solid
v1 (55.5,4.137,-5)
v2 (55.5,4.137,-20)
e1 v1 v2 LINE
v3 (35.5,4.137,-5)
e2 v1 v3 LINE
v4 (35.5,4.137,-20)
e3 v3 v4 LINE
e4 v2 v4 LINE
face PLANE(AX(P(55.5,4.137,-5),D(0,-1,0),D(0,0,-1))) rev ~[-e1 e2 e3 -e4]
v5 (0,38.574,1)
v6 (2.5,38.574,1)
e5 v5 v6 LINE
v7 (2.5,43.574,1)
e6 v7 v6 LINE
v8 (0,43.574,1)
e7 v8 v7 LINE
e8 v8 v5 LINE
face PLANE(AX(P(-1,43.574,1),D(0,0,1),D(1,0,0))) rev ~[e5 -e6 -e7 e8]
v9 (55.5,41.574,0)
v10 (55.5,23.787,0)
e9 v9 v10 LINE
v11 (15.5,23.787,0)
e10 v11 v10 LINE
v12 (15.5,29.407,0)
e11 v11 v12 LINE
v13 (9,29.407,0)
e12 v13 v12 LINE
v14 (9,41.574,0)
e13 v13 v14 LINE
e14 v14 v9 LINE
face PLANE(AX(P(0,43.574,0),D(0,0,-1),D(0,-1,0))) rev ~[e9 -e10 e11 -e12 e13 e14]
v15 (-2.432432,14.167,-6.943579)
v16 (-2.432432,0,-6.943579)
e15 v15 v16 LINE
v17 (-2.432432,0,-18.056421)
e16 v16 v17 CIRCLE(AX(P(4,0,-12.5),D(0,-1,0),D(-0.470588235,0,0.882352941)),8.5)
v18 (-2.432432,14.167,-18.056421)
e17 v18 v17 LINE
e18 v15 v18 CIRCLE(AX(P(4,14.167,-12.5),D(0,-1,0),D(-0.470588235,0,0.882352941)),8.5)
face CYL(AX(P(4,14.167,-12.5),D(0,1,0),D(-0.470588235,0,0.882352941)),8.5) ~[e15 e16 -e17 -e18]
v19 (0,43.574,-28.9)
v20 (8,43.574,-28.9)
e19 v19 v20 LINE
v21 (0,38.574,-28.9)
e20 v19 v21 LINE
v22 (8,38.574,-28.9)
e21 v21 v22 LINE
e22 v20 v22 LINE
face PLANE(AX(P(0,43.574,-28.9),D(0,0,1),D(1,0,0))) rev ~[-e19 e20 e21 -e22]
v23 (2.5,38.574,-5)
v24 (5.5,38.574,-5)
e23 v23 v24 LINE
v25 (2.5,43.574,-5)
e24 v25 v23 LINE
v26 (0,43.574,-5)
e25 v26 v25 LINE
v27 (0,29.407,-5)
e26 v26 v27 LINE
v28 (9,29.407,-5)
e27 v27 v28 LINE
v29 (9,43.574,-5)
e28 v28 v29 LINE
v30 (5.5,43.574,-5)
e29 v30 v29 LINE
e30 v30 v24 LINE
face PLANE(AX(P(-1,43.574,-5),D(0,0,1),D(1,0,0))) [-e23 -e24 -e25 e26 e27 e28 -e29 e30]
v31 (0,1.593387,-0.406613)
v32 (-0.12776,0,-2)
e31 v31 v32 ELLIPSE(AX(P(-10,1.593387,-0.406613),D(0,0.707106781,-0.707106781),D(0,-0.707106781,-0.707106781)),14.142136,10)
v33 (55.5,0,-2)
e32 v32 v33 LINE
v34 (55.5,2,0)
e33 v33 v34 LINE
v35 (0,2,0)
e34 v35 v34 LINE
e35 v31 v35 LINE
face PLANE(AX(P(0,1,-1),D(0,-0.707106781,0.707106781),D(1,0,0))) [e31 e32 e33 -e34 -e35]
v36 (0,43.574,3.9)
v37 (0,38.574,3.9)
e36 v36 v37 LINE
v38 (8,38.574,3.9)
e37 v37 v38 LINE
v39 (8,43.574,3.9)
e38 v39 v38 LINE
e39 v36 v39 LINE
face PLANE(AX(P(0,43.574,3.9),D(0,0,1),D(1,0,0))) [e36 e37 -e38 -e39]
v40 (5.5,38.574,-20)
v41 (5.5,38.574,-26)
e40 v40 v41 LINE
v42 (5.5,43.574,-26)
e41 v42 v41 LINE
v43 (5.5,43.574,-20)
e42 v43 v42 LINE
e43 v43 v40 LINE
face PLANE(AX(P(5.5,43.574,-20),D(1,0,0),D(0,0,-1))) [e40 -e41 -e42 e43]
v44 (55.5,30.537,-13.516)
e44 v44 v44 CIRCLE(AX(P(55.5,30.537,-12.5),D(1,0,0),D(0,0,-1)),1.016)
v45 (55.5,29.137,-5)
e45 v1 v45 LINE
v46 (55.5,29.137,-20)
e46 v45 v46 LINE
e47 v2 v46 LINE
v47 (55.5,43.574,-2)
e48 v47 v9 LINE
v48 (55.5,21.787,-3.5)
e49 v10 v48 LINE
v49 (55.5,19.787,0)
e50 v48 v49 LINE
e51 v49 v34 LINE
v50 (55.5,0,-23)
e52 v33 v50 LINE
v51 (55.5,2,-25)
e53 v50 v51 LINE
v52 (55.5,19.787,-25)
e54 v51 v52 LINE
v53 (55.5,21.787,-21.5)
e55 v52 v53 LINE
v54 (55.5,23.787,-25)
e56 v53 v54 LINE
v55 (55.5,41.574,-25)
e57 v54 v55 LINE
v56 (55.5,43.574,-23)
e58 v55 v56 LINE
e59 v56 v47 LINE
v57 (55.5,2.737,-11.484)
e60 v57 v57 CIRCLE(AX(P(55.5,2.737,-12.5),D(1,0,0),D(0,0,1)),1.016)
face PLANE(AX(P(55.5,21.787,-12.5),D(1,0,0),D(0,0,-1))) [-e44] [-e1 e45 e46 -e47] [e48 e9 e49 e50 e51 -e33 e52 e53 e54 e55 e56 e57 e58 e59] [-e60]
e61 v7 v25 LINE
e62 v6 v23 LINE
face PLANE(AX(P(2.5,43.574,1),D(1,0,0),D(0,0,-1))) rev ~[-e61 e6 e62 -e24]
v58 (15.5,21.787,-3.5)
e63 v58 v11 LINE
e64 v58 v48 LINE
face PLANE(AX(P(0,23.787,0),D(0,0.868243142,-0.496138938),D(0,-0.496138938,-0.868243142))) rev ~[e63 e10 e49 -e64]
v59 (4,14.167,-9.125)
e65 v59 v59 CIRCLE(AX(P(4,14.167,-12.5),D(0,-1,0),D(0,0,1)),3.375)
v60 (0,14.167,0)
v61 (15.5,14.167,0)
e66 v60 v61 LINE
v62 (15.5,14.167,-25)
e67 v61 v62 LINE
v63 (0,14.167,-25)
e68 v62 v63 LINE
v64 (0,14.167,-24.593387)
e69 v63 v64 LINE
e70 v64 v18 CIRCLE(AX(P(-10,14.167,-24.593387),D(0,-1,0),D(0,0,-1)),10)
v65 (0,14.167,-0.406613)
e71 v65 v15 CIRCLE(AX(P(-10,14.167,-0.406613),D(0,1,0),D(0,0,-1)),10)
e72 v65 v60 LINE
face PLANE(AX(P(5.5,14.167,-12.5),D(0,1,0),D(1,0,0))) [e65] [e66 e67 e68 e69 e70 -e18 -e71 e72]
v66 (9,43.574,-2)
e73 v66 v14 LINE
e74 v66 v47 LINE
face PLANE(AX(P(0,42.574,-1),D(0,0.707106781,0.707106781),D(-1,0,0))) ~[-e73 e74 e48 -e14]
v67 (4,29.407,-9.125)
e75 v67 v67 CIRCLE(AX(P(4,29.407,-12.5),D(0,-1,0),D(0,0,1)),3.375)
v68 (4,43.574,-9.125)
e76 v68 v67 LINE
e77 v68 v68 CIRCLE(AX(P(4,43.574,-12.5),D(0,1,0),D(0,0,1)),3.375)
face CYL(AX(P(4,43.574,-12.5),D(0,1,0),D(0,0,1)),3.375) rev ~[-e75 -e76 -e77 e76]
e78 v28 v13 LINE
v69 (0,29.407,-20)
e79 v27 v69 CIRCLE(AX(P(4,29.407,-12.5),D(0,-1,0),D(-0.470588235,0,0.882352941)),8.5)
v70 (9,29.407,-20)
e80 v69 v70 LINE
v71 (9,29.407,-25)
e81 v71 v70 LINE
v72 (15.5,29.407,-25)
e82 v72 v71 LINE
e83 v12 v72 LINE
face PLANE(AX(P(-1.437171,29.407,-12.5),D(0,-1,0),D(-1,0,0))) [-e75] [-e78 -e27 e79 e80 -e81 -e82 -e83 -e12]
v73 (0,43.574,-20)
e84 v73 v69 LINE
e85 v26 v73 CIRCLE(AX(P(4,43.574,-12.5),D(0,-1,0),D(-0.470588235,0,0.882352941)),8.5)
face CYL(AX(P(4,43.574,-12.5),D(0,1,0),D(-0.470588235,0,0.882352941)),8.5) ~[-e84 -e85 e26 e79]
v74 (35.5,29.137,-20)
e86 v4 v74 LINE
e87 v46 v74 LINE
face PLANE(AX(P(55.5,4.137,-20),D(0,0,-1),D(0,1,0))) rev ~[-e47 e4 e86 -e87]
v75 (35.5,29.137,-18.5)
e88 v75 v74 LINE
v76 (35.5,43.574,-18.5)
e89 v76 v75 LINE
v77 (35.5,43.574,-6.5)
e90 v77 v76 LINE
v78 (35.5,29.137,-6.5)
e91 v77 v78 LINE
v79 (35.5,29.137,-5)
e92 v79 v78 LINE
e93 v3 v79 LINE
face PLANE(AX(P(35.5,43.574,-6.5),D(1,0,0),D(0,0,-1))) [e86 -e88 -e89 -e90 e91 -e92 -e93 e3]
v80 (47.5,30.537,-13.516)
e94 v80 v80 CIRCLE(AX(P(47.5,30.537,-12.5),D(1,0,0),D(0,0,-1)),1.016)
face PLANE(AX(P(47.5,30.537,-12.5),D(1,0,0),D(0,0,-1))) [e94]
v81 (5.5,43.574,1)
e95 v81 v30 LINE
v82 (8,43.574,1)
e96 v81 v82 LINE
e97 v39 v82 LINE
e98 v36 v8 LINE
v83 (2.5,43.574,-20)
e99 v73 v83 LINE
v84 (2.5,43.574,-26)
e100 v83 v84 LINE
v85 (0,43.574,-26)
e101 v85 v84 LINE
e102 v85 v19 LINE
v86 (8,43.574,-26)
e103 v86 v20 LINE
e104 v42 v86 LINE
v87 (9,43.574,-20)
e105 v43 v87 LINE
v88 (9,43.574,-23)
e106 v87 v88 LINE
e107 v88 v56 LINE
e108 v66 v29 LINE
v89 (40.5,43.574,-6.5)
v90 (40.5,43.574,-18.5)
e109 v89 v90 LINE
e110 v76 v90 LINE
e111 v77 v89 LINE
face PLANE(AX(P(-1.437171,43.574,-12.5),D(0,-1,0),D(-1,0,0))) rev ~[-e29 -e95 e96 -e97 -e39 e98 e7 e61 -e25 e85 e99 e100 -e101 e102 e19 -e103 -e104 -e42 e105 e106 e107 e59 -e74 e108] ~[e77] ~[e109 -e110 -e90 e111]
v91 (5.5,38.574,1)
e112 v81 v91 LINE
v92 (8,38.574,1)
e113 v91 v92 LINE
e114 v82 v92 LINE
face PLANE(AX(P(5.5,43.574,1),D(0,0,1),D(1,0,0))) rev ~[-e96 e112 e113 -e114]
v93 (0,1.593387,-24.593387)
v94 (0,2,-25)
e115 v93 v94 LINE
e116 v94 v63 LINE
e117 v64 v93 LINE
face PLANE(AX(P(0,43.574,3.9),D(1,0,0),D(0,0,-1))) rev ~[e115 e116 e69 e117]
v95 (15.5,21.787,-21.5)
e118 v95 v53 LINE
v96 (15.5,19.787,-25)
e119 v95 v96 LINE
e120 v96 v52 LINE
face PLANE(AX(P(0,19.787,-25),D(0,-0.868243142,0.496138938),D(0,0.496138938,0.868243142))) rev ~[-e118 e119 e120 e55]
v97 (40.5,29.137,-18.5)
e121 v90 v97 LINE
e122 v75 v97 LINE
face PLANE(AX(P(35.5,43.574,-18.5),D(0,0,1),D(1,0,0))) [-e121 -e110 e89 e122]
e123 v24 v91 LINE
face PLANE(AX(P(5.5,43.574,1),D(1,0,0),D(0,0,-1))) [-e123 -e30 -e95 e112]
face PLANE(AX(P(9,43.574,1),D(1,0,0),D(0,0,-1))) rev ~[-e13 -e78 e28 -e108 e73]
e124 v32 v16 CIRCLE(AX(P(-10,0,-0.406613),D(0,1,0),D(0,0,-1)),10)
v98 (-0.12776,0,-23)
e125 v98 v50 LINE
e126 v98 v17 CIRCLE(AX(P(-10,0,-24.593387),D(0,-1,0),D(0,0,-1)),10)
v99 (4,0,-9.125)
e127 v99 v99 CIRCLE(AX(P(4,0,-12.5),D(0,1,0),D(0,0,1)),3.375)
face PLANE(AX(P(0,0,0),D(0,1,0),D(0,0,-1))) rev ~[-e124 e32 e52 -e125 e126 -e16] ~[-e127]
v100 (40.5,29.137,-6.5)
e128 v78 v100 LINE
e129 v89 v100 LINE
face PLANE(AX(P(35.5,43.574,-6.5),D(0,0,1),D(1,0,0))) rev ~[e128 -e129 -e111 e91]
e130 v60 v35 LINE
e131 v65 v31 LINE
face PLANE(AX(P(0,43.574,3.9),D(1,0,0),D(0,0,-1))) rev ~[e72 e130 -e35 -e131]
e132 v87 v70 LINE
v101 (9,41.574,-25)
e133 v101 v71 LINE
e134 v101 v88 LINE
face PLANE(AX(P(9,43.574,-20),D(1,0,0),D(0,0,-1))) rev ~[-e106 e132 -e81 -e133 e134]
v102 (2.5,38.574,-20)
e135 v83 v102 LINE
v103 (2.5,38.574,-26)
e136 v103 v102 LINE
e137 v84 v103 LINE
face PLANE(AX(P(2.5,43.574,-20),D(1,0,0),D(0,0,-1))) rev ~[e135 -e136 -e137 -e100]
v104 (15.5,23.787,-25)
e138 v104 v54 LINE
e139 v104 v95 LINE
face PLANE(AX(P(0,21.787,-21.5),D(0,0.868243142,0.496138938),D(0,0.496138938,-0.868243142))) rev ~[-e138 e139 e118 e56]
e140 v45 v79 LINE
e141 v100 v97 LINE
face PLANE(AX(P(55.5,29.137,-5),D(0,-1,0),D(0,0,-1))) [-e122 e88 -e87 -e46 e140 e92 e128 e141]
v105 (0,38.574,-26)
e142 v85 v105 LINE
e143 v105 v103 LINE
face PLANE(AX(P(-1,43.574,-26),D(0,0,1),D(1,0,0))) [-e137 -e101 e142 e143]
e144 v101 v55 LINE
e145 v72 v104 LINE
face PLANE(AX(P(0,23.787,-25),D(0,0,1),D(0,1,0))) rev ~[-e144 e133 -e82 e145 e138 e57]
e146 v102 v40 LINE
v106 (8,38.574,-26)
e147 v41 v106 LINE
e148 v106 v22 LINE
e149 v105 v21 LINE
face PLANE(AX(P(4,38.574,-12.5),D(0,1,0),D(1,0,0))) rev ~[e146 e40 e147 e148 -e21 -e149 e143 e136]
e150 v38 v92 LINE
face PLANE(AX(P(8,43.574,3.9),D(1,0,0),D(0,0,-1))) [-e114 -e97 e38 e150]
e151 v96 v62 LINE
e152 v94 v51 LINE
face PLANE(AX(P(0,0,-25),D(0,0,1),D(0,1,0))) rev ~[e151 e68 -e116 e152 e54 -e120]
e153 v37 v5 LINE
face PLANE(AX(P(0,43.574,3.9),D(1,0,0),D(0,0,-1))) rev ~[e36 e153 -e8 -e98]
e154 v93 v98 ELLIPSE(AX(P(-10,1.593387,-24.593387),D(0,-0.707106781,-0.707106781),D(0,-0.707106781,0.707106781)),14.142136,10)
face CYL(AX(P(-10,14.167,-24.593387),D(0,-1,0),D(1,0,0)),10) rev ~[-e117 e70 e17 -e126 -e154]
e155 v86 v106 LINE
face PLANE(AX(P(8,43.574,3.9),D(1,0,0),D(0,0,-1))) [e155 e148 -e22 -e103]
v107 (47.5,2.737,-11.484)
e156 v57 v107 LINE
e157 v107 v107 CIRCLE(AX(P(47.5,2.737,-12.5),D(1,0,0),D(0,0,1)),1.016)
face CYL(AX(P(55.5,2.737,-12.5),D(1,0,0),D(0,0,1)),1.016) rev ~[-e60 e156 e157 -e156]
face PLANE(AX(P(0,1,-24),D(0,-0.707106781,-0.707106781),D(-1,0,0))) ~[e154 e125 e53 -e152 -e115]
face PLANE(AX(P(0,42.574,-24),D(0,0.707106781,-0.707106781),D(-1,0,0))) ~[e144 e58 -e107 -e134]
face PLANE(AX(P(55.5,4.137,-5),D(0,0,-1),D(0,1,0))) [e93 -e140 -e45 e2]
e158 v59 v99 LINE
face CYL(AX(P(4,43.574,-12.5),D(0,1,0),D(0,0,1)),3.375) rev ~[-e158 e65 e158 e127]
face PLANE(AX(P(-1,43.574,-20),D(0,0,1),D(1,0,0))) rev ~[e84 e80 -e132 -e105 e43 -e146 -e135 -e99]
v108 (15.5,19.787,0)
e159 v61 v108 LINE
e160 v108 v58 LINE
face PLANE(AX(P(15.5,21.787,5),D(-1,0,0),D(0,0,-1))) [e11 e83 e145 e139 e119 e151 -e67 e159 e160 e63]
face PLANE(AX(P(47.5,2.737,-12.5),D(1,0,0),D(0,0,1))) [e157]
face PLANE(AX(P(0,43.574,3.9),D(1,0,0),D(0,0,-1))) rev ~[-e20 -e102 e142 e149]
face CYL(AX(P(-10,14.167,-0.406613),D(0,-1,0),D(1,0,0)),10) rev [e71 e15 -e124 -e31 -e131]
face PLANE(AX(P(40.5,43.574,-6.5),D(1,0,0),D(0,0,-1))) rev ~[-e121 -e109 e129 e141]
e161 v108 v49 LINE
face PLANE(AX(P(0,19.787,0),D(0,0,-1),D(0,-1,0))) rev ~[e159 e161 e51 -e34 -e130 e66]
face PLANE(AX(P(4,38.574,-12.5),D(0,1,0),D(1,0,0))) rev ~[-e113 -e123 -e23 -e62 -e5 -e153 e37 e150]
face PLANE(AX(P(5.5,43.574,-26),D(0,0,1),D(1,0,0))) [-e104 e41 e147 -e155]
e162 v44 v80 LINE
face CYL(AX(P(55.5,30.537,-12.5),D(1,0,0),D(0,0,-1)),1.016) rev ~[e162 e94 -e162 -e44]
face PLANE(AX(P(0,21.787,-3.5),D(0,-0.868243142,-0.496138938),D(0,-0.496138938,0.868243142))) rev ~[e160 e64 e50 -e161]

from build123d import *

# Parameters (mm, degrees)
BOSS_EXTRUDE1_DEPTH = 55.5
CHAMFER1_SIZE       = 2
SKETCH4_W           = 8
SKETCH4_H           = 32.8
BOSS_EXTRUDE2_DEPTH = 5
SKETCH7_W           = 3.5
SKETCH7_H           = 6
CUT_EXTRUDE5_DEPTH  = 10
SKETCH5_R           = 3.375
CUT_EXTRUDE3_DEPTH  = 77.250596562
SKETCH6_R           = 3.375
CUT_EXTRUDE4_DEPTH  = 7.62
SKETCH8_W           = 9
SKETCH8_H           = 5
CUT_EXTRUDE6_DEPTH  = 9.167
BOSS_EXTRUDE3_DEPTH = 14.167
BOSS_EXTRUDE4_START = -29.407
BOSS_EXTRUDE4_DEPTH = 14.167
FILLET1_R           = 10
SKETCH10_W          = 15
SKETCH10_H          = 25
CUT_EXTRUDE7_DEPTH  = 20
SKETCH11_R          = 1.016
CUT_EXTRUDE8_DEPTH  = 8
SKETCH12_W          = 5
SKETCH12_H          = 12
CUT_EXTRUDE9_DEPTH  = 14.437


with BuildPart() as part:
    # Sketch1 → Boss-Extrude1 (new body)
    with BuildSketch(Plane(origin=(0, 0, 0), x_dir=(0, 0, -1), z_dir=(1, 0, 0))):
        Polygon((0, 0), (25, 0), (25, 19.787), (21.5, 21.787), (25, 23.787), (25, 43.574), (0, 43.574), (0, 23.787), (3.5, 21.787), (0, 19.787), align=None)
    extrude(amount=BOSS_EXTRUDE1_DEPTH)

    # Chamfer1
    chamfer1_edges = [part.edges().sort_by_distance(p)[0] for p in [
        (27.75, 43.574, 0),
        (27.75, 43.574, -25),
        (27.75, 0, -25),
        (27.75, 0, 0),
    ]]
    chamfer(chamfer1_edges, length=CHAMFER1_SIZE)

    # Sketch4 → Boss-Extrude2 (add)
    with BuildSketch(Plane(origin=(0, 43.574, 0), x_dir=(1, 0, 0), z_dir=(0, 1, 0))):
        with Locations((4, 12.5)):
            Rectangle(SKETCH4_W, SKETCH4_H)
    extrude(amount=-BOSS_EXTRUDE2_DEPTH)

    # Sketch7 → Cut-Extrude5 (cut)
    with BuildSketch(Plane(origin=(0, 43.574, 0), x_dir=(1, 0, 0), z_dir=(0, 1, 0))):
        with Locations((7.25, 2)):
            Rectangle(SKETCH7_W, SKETCH7_H)
        with Locations((7.25, 23)):
            Rectangle(SKETCH7_W, SKETCH7_H)
        with Locations((0.75, 2)):
            Rectangle(SKETCH7_W, SKETCH7_H)
        with Locations((0.75, 23)):
            Rectangle(SKETCH7_W, SKETCH7_H)
    extrude(amount=-CUT_EXTRUDE5_DEPTH, mode=Mode.SUBTRACT)

    # Sketch5 → Cut-Extrude3 (cut, through all)
    with BuildSketch(Plane(origin=(0, 43.574, 0), x_dir=(1, 0, 0), z_dir=(0, 1, 0))):
        with Locations(Location((4, 12.5, 0), (0, 0, 270))):
            Circle(SKETCH5_R)
    extrude(amount=-CUT_EXTRUDE3_DEPTH, mode=Mode.SUBTRACT)

    # Sketch6 → Cut-Extrude4 (cut, symmetric)
    with BuildSketch(Plane(origin=(0, 21.787, 0), x_dir=(-1, 0, 0), z_dir=(0, -1, 0))):
        Polygon((-4, 30), (4.5, 30), (4.5, -5), (-4, -5), (-15.5, -5), (-15.5, 30), align=None)
        with Locations(Location((-4, 12.5, 0), (0, 0, 270))):
            Circle(SKETCH6_R, mode=Mode.SUBTRACT)
    extrude(amount=CUT_EXTRUDE4_DEPTH, both=True, mode=Mode.SUBTRACT)

    # Sketch8 → Cut-Extrude6 (cut)
    with BuildSketch(Plane.XZ.offset(-29.407)):
        with Locations((4.5, -22.5)):
            Rectangle(SKETCH8_W, SKETCH8_H)
        with Locations((4.5, -2.5)):
            Rectangle(SKETCH8_W, SKETCH8_H)
    extrude(amount=-CUT_EXTRUDE6_DEPTH, mode=Mode.SUBTRACT)

    # Sketch9 → Boss-Extrude3 (add)
    with BuildSketch(Plane(origin=(0, 43.574, 0), x_dir=(1, 0, 0), z_dir=(0, 1, 0))):
        with BuildLine():
            Line((0, 20), (0, 5))
            ThreePointArc((0, 5), (-4.5, 12.5), (0, 20))
        make_face()
    extrude(amount=-BOSS_EXTRUDE3_DEPTH)

    # Sketch9<2> → Boss-Extrude4 (add)
    with BuildSketch(Plane(origin=(0, 43.574, 0), x_dir=(1, 0, 0), z_dir=(0, 1, 0)).offset(BOSS_EXTRUDE4_START)):
        with BuildLine():
            Line((0, 20), (0, 5))
            ThreePointArc((0, 5), (-4.5, 12.5), (0, 20))
        make_face()
    extrude(amount=-BOSS_EXTRUDE4_DEPTH)

    # Fillet1
    fillet1_edges = [part.edges().sort_by_distance(p)[0] for p in [
        (0, 7.0835, -20),
        (0, 7.0835, -5),
    ]]
    fillet(fillet1_edges, radius=FILLET1_R)

    # Sketch10 → Cut-Extrude7 (cut)
    with BuildSketch(Plane(origin=(55.5, 0, 0), x_dir=(0, 0, -1), z_dir=(1, 0, 0))):
        with Locations((12.5, 16.637)):
            Rectangle(SKETCH10_W, SKETCH10_H)
    extrude(amount=-CUT_EXTRUDE7_DEPTH, mode=Mode.SUBTRACT)

    # Sketch11 → Cut-Extrude8 (cut)
    with BuildSketch(Plane(origin=(55.5, 0, 0), x_dir=(0, 0, -1), z_dir=(1, 0, 0))):
        with Locations((12.5, 30.537)):
            Circle(SKETCH11_R)
        with Locations(Location((12.5, 2.737, 0), (0, 0, 180))):
            Circle(SKETCH11_R)
    extrude(amount=-CUT_EXTRUDE8_DEPTH, mode=Mode.SUBTRACT)

    # Sketch12 → Cut-Extrude9 (cut)
    with BuildSketch(Plane(origin=(0, 43.574, 0), x_dir=(1, 0, 0), z_dir=(0, 1, 0))):
        with Locations((38, 12.5)):
            Rectangle(SKETCH12_W, SKETCH12_H)
    extrude(amount=-CUT_EXTRUDE9_DEPTH, mode=Mode.SUBTRACT)


solid = part.part
